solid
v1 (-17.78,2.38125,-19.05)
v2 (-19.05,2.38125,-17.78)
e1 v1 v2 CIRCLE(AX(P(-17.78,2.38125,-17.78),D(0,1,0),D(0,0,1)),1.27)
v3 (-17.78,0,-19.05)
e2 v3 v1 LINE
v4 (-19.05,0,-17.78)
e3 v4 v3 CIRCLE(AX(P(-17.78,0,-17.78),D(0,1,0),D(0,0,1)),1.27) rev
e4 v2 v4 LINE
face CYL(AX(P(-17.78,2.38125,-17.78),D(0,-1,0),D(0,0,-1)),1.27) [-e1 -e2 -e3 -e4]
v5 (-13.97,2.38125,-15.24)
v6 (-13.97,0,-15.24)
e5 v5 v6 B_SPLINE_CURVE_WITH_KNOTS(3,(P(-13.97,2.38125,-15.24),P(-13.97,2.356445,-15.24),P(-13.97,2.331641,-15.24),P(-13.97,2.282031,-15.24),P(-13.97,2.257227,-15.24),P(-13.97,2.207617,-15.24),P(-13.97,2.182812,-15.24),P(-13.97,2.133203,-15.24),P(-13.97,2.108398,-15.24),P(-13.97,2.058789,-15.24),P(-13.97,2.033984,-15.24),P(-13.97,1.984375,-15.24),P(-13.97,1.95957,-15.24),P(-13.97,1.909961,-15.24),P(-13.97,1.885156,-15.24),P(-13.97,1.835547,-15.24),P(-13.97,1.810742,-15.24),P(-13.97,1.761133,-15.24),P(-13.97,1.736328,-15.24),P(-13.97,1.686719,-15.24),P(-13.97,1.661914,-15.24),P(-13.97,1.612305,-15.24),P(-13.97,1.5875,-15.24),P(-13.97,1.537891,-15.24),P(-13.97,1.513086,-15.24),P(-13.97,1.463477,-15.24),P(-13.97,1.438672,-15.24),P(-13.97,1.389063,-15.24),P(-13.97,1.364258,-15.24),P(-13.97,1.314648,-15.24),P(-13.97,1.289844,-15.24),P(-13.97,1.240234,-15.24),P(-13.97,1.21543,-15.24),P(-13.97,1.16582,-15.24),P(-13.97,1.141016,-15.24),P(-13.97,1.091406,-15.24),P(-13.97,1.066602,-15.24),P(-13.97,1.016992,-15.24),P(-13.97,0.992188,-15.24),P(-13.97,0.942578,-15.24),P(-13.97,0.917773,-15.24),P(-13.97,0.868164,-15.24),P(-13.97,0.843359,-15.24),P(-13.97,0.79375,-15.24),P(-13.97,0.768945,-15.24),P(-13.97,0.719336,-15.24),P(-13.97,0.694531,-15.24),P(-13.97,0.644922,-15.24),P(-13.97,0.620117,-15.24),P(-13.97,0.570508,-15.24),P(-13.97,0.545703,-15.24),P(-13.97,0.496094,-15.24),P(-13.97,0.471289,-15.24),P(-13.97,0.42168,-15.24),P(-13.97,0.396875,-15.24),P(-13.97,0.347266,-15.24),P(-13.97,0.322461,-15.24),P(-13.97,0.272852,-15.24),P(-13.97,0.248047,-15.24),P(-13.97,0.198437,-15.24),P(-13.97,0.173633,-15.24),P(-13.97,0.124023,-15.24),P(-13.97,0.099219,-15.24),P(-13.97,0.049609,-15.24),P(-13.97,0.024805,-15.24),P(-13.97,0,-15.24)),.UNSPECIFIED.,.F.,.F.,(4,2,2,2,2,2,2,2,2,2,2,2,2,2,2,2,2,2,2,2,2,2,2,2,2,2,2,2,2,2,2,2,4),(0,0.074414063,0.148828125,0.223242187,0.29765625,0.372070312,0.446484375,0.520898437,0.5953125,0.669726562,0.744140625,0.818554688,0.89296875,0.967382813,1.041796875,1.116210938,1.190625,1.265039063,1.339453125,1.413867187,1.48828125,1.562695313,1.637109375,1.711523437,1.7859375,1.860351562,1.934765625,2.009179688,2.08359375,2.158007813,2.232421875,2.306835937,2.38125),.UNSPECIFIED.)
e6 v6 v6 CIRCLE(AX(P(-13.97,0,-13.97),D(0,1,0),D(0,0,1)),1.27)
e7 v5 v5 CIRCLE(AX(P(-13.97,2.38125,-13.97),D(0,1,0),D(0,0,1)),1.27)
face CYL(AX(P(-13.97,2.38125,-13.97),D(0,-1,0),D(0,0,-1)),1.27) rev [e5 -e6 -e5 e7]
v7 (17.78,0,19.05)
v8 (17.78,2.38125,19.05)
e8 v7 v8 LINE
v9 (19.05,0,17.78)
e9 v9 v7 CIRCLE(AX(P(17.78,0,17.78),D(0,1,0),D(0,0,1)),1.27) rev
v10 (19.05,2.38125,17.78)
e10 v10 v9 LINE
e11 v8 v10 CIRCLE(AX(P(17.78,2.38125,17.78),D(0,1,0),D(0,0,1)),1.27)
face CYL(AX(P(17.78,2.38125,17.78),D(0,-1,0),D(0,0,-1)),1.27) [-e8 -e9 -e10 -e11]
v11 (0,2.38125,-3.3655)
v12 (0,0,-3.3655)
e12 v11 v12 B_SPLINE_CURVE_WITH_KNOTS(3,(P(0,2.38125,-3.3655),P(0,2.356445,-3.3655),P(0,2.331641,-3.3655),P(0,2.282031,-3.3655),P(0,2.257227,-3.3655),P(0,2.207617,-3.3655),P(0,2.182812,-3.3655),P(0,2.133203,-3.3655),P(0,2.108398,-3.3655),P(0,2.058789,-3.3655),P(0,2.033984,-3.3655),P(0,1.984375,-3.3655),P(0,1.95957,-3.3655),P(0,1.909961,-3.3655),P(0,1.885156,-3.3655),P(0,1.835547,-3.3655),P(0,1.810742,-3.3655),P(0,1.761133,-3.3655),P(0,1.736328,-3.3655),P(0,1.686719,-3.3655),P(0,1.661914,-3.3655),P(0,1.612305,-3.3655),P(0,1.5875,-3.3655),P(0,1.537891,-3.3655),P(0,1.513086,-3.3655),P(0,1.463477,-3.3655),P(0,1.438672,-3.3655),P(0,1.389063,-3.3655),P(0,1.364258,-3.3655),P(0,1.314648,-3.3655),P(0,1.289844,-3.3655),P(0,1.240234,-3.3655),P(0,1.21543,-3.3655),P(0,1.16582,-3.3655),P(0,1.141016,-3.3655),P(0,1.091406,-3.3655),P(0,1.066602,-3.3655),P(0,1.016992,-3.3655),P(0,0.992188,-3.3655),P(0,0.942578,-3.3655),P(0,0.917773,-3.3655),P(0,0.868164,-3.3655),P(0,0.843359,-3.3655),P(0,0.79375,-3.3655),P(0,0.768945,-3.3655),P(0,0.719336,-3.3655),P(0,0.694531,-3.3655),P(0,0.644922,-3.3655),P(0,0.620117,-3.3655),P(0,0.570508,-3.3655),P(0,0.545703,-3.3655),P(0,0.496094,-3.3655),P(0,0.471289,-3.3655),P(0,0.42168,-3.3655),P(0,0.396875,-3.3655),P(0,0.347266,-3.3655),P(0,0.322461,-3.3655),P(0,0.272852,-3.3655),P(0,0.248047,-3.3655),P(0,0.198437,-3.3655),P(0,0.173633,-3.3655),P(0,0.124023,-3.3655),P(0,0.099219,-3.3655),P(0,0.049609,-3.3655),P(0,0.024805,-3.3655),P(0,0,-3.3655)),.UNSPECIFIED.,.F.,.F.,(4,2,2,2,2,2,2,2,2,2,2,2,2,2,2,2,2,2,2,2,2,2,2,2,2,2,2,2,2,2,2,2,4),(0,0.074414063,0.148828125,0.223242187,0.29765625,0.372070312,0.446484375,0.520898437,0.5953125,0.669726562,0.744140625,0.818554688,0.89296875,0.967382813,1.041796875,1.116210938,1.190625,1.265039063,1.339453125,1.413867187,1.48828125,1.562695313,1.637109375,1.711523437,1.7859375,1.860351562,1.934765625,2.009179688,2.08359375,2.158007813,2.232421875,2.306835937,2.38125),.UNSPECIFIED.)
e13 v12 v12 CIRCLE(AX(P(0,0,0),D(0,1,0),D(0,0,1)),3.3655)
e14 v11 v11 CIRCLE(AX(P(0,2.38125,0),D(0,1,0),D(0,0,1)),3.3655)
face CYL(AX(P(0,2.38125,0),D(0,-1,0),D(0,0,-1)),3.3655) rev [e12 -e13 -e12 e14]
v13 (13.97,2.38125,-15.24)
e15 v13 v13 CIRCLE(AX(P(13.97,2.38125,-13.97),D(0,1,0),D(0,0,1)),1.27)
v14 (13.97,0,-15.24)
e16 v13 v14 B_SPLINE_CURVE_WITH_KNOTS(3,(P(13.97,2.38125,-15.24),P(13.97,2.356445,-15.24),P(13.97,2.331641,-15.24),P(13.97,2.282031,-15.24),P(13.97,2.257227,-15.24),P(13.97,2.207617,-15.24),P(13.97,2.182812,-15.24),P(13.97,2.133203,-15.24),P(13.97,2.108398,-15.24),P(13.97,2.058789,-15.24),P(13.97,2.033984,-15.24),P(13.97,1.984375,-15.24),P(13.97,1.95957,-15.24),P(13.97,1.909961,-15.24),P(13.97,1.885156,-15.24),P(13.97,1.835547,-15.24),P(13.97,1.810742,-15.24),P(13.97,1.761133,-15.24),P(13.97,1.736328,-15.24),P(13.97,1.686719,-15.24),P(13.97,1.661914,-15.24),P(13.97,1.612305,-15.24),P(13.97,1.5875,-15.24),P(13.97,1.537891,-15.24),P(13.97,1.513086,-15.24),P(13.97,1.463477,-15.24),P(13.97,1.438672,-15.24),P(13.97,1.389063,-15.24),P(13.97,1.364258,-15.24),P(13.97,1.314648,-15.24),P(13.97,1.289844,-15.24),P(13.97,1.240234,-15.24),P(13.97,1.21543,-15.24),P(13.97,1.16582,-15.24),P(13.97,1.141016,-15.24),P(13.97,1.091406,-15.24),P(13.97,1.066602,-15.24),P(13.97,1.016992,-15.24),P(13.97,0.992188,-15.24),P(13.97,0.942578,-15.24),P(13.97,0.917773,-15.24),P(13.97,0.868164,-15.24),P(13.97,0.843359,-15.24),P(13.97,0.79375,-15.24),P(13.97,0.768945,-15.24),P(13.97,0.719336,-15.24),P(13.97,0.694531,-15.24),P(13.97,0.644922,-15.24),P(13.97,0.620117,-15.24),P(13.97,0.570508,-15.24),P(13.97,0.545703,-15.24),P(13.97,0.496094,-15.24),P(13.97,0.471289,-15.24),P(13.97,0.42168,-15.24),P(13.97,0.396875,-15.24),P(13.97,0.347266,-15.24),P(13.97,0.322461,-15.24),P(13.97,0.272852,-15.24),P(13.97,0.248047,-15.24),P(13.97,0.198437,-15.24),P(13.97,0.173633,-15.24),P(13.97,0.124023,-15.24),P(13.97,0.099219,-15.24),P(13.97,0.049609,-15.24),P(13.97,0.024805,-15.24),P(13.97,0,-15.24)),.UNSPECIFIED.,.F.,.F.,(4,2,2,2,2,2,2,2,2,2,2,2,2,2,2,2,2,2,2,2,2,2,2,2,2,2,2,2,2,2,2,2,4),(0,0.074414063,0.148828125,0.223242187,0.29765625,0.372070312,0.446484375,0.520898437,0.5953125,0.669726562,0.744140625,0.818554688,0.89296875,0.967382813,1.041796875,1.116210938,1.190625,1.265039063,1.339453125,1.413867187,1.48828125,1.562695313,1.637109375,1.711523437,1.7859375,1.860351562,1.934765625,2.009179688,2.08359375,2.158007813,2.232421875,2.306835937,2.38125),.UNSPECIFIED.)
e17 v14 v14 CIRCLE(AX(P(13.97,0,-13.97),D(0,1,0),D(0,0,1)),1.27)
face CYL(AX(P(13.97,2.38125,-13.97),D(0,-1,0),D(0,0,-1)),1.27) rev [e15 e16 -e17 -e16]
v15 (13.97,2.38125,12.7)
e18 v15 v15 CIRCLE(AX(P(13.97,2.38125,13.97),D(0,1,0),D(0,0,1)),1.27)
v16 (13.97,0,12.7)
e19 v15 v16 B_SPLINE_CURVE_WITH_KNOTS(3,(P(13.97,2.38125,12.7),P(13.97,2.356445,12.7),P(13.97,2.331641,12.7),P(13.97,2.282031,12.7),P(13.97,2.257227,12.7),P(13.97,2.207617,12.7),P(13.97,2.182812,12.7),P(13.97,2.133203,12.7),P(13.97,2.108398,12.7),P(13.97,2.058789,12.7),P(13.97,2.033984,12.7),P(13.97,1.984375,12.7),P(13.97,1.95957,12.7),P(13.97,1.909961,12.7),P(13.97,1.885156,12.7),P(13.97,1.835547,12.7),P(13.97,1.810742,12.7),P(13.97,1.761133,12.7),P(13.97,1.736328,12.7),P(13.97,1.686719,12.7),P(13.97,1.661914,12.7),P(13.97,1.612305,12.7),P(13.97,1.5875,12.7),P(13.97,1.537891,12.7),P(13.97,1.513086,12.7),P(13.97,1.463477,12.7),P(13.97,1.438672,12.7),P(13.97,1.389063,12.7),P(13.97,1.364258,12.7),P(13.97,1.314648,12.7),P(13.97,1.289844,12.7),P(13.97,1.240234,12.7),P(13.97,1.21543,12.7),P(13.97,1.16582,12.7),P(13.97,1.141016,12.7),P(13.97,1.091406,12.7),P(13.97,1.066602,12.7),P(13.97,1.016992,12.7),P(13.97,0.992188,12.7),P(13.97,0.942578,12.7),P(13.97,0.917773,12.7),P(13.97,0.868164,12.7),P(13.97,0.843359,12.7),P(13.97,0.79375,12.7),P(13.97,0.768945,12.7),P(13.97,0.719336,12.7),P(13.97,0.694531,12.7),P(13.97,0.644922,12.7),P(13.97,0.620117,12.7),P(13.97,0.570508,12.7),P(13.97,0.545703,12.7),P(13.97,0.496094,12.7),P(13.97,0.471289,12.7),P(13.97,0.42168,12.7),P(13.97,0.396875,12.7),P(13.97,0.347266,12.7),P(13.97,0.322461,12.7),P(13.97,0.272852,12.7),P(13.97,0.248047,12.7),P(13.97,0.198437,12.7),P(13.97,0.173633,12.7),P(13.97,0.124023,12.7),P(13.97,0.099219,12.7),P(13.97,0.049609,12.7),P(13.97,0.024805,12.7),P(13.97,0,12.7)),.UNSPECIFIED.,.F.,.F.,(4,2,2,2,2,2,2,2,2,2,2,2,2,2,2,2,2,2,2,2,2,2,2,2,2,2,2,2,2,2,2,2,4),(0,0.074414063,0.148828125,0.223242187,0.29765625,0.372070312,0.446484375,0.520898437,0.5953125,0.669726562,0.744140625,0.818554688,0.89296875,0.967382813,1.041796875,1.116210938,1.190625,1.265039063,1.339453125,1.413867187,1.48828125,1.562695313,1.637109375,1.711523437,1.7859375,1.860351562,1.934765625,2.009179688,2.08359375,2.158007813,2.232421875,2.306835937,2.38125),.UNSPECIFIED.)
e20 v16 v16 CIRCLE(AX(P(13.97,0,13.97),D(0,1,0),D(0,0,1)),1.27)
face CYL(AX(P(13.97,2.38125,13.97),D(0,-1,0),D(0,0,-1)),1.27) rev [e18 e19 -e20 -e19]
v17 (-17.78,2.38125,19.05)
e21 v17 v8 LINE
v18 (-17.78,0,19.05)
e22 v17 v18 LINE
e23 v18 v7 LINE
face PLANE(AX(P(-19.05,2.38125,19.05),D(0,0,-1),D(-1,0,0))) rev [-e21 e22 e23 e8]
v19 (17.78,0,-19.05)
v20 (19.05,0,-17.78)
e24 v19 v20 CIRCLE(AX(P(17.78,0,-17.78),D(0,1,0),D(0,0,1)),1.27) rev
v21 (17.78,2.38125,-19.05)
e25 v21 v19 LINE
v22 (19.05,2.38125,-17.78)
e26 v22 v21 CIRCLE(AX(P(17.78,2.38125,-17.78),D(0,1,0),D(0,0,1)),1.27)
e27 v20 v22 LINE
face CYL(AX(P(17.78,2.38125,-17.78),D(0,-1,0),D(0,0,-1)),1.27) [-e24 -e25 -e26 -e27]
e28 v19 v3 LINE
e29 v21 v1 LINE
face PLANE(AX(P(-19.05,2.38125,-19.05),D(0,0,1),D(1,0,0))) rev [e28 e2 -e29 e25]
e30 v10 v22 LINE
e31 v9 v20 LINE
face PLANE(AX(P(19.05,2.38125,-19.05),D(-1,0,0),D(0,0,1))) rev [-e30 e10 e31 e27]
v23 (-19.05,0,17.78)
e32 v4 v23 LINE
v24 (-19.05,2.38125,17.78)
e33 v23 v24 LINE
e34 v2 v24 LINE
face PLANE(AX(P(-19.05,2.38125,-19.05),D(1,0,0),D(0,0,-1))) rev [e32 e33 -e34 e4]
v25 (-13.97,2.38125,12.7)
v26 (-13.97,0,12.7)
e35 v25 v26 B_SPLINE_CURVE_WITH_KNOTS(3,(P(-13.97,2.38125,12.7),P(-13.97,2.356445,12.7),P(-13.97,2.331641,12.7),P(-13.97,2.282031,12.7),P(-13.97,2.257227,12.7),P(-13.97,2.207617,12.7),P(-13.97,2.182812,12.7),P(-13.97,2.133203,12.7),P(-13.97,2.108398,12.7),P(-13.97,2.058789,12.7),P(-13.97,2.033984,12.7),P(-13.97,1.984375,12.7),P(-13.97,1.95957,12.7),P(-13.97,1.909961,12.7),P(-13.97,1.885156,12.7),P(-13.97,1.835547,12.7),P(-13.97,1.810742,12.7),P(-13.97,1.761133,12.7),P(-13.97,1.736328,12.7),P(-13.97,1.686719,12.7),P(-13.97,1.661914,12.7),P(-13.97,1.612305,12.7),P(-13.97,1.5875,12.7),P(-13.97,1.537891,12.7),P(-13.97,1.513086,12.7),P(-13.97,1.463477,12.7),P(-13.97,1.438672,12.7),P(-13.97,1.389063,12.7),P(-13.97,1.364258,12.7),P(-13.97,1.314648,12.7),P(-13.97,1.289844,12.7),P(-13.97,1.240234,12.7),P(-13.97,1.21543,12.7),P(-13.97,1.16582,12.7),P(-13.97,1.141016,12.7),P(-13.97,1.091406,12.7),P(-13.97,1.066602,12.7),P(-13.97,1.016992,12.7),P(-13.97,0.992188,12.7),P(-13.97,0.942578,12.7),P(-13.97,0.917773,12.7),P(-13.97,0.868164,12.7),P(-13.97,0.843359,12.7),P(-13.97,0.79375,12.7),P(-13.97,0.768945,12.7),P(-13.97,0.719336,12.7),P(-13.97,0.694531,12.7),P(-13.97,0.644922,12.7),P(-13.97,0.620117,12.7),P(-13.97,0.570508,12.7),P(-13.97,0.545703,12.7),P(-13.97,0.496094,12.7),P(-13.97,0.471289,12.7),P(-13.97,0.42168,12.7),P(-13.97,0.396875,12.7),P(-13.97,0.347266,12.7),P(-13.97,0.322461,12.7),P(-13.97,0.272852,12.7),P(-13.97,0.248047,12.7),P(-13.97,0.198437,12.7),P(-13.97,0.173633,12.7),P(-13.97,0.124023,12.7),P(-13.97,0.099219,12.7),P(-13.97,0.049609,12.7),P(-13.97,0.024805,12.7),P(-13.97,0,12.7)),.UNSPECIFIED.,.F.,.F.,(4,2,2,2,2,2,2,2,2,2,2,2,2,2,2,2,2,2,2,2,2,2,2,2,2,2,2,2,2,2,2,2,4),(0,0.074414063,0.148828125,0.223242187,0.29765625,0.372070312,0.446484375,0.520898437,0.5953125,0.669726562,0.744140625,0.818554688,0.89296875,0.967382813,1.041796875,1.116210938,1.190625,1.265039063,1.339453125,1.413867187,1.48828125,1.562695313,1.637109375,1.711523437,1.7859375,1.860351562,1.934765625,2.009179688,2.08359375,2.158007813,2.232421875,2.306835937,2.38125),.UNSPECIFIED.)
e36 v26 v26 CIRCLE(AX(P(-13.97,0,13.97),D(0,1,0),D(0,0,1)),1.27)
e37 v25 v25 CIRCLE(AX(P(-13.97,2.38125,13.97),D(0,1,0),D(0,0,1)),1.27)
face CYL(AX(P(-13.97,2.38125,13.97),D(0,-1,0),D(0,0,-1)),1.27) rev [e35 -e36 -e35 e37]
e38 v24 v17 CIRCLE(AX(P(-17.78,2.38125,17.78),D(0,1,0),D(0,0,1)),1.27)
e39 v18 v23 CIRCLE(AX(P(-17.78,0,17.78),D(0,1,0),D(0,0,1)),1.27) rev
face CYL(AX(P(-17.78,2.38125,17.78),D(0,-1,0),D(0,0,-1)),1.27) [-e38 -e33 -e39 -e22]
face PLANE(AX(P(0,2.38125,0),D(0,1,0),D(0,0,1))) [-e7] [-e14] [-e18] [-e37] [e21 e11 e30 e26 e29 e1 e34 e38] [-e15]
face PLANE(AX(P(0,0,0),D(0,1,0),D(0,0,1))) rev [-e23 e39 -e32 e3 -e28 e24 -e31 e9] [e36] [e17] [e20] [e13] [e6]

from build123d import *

# Parameters (mm, degrees)
SKETCH2_W           = 38.1
SKETCH2_H           = 38.1
SKETCH2_R           = 1.27
SKETCH2_R_2         = 3.3655
BOSS_EXTRUDE1_DEPTH = 2.38125
FILLET1_R           = 1.27


with BuildPart() as part:
    # Sketch2 → Boss-Extrude1 (new body)
    with BuildSketch(Plane(origin=(0, 0, 0), x_dir=(1, 0, 0), z_dir=(0, 1, 0))):
        Rectangle(SKETCH2_W, SKETCH2_H)
        with Locations(Location((-13.97, 13.97, 0), (0, 0, 90))):
            Circle(SKETCH2_R, mode=Mode.SUBTRACT)
        with Locations(Location((-13.97, -13.97, 0), (0, 0, 90))):
            Circle(SKETCH2_R, mode=Mode.SUBTRACT)
        with Locations(Location((13.97, -13.97, 0), (0, 0, 90))):
            Circle(SKETCH2_R, mode=Mode.SUBTRACT)
        with Locations(Location((13.97, 13.97, 0), (0, 0, 90))):
            Circle(SKETCH2_R, mode=Mode.SUBTRACT)
        with Locations(Location((0, 0, 0), (0, 0, 90))):
            Circle(SKETCH2_R_2, mode=Mode.SUBTRACT)
    extrude(amount=BOSS_EXTRUDE1_DEPTH)

    # Fillet1
    fillet1_edges = [part.edges().sort_by_distance(p)[0] for p in [
        (19.05, 1.190625, 19.05),
        (-19.05, 1.190625, 19.05),
        (-19.05, 1.190625, -19.05),
        (19.05, 1.190625, -19.05),
    ]]
    fillet(fillet1_edges, radius=FILLET1_R)


solid = part.part
